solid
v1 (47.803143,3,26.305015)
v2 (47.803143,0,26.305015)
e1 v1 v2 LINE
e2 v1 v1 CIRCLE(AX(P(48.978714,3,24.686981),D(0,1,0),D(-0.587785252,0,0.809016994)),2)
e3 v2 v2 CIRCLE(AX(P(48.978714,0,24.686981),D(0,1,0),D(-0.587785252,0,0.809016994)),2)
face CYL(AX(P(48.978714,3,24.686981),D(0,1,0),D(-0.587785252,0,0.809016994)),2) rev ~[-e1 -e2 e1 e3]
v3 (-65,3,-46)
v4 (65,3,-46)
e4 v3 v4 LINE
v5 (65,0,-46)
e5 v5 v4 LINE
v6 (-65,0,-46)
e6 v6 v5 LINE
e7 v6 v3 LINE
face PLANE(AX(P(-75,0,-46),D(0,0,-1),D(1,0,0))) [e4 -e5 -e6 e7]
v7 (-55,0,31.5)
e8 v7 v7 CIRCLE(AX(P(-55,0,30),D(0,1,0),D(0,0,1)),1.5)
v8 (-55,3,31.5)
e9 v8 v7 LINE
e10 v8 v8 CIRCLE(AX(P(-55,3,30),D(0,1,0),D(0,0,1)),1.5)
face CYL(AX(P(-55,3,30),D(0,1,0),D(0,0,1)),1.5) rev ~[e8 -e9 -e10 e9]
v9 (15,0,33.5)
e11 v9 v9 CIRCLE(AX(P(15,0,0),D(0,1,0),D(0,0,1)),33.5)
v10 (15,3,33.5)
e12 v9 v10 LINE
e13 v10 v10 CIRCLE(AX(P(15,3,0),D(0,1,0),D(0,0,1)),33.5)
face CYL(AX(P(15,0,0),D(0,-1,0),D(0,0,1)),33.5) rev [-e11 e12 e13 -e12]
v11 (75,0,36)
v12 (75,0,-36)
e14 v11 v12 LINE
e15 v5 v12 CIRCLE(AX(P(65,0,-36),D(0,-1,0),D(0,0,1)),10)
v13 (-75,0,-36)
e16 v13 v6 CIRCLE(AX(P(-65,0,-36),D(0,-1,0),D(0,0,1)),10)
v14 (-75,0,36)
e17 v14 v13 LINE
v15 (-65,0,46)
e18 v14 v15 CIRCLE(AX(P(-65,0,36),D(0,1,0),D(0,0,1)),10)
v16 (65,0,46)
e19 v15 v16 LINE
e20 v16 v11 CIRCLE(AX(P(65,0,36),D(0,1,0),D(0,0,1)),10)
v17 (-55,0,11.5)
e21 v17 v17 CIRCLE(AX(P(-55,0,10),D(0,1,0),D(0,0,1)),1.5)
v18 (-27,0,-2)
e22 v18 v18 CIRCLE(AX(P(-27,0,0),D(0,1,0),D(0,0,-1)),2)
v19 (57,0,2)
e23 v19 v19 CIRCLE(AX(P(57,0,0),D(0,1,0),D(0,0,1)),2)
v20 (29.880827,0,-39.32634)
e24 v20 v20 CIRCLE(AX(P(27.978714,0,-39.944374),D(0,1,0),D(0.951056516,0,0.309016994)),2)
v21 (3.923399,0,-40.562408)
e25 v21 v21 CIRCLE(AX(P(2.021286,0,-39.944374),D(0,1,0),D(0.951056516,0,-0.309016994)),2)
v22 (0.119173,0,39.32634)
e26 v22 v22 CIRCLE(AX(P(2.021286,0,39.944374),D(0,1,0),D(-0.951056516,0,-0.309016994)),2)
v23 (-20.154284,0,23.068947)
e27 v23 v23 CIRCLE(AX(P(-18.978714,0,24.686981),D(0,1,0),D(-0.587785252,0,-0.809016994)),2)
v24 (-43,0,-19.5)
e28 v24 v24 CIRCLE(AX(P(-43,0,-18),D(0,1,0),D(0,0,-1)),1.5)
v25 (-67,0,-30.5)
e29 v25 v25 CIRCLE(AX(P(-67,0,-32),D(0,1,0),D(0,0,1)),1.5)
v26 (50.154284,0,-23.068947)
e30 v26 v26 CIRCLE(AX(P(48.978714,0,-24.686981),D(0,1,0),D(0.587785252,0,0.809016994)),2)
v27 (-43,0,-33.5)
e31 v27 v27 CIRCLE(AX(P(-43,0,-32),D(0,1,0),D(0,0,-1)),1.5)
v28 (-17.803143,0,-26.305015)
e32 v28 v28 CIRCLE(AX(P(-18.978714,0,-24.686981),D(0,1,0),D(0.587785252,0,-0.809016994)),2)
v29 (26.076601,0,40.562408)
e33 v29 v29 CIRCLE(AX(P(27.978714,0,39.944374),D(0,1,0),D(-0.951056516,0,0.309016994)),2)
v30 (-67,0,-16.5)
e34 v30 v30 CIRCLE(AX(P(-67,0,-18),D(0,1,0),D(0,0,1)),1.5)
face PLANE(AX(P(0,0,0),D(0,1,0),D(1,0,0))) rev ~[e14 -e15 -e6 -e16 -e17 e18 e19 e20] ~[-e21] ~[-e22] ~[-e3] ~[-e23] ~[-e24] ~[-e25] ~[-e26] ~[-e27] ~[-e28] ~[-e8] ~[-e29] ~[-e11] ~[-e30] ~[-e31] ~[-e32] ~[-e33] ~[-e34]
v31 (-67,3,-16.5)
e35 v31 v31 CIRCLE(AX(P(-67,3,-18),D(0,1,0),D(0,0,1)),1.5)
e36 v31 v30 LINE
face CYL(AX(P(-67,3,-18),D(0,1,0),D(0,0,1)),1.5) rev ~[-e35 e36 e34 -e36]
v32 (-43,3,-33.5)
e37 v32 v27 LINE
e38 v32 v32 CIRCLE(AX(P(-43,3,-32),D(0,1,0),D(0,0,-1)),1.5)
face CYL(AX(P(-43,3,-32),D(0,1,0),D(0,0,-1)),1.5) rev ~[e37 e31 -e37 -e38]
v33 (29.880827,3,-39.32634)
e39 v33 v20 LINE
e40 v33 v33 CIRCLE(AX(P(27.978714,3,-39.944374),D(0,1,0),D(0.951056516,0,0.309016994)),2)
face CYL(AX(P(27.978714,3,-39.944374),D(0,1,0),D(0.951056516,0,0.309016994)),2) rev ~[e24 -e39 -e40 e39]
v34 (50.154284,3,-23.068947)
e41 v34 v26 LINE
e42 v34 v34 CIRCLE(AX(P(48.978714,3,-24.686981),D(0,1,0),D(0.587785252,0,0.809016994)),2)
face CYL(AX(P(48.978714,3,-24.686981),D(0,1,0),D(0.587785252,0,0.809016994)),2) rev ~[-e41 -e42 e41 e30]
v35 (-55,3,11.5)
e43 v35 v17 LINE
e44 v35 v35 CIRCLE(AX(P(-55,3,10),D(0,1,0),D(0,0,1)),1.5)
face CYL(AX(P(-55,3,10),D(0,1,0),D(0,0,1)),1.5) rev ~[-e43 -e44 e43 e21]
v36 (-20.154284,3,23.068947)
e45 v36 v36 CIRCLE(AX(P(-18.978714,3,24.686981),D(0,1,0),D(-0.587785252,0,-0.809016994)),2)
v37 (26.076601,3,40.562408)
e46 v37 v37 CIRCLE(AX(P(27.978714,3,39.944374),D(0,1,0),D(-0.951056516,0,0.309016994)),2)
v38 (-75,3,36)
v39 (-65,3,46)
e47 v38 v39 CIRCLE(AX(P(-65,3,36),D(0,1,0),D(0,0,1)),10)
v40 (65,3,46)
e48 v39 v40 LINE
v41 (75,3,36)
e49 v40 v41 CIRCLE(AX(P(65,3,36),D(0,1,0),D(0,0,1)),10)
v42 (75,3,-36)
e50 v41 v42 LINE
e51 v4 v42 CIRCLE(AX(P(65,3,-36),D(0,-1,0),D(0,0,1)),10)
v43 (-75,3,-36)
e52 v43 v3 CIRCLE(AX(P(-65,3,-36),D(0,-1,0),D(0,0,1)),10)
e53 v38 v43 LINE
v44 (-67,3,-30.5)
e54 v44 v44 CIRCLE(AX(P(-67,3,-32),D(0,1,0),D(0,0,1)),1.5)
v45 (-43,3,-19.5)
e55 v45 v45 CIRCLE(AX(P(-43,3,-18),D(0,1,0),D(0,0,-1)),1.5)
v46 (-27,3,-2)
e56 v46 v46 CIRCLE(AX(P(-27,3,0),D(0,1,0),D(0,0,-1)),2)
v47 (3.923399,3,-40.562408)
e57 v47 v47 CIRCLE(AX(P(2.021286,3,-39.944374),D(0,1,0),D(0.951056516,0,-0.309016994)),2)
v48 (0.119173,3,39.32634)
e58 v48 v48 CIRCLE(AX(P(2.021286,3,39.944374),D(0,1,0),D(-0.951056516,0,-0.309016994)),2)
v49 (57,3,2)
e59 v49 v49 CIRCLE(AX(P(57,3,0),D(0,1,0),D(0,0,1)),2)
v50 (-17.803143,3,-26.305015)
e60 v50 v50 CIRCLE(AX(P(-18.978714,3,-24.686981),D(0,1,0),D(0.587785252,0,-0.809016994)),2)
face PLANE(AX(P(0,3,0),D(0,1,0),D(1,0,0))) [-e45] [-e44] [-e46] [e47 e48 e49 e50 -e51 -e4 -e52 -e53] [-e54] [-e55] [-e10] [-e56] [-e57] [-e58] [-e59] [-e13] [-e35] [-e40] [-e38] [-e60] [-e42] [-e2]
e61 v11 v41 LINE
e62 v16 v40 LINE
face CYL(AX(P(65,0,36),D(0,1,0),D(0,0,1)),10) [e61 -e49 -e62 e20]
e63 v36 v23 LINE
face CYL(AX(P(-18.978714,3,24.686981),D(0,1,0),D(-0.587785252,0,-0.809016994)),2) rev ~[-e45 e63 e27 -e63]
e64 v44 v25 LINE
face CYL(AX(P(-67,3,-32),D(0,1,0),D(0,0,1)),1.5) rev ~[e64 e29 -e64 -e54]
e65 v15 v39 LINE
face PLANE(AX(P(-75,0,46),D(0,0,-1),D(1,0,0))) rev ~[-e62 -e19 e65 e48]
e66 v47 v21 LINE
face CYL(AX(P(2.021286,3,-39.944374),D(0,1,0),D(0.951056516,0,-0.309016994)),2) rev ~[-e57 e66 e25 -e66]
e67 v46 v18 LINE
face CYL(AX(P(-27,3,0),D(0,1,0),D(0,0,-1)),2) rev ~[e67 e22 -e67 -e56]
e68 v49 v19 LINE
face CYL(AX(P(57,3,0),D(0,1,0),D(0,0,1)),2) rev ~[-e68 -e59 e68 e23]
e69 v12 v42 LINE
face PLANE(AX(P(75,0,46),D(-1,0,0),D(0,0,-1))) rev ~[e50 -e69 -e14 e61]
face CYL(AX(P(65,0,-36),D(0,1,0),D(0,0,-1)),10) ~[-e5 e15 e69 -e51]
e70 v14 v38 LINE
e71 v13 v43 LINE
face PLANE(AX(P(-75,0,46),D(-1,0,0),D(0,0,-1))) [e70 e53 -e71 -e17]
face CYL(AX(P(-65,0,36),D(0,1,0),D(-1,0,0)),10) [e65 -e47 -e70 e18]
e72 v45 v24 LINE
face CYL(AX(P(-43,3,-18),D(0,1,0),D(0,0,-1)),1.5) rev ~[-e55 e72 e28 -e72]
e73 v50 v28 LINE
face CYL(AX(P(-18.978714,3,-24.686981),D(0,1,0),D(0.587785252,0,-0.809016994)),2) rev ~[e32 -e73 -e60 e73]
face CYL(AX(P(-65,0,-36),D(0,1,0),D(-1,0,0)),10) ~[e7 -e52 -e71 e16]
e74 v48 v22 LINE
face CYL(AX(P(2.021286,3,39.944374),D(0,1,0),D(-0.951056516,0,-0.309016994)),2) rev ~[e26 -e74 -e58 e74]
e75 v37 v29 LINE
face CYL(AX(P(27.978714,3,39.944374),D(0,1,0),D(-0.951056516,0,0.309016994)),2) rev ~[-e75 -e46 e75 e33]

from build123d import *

# Parameters (mm, degrees)
SKETCH_1_W               = 150
SKETCH_1_H               = 92
SKETCH_1_R               = 33.5
EXTRUDE_1_DEPTH          = 3
CUT_EXTRUDE_1_REACH      = 90.034
SKETCH_2_R               = 2
PATTERN_CIRCULAR_1_COUNT = 10
SKETCH_3_R               = 1.5
CUT_EXTRUDE_2_DEPTH      = 3
FILLET_1_R               = 10


with BuildPart() as part:
    # 草圖1 → 填料-伸長1 (new body)
    with BuildSketch(Plane(origin=(0, 0, 0), x_dir=(1, 0, 0), z_dir=(0, 1, 0))):
        Rectangle(SKETCH_1_W, SKETCH_1_H)
        with Locations(Location((15, 0, 0), (0, 0, 270))):
            Circle(SKETCH_1_R, mode=Mode.SUBTRACT)
    extrude(amount=EXTRUDE_1_DEPTH)

    # 草圖2 → 除料-伸長1 (cut, up to next)
    with BuildSketch(Plane(origin=(0, 3, 0), x_dir=(1, 0, 0), z_dir=(0, 1, 0)), mode=Mode.PRIVATE) as cut_extrude_1_sk1:
        with Locations(Location((57, 0, 0), (0, 0, 270))):
            Circle(SKETCH_2_R)
    cut_extrude_1_tool1 = extrude(cut_extrude_1_sk1.sketch, amount=-CUT_EXTRUDE_1_REACH, mode=Mode.PRIVATE) & part.part
    cut_extrude_1 = cut_extrude_1_tool1.solids().sort_by_distance((57, 3, 0))[0]
    add(cut_extrude_1, mode=Mode.SUBTRACT)

    # 環狀複製排列1: 除料-伸長1 ×10 about axis
    pattern_circular_1_axis = Axis((15, 0, 0), (0, 1, 0))
    for i in range(1, PATTERN_CIRCULAR_1_COUNT):
        add(cut_extrude_1.rotate(pattern_circular_1_axis, i * 360 / PATTERN_CIRCULAR_1_COUNT), mode=Mode.SUBTRACT)

    # 草圖3 → 除料-伸長2 (cut)
    with BuildSketch(Plane(origin=(0, 3, 0), x_dir=(1, 0, 0), z_dir=(0, 1, 0))):
        with Locations(Location((-67, 32, 0), (0, 0, 270))):
            Circle(SKETCH_3_R)
        with Locations(Location((-67, 18, 0), (0, 0, 270))):
            Circle(SKETCH_3_R)
        with Locations(Location((-43, 18, 0), (0, 0, 90))):
            Circle(SKETCH_3_R)
        with Locations(Location((-43, 32, 0), (0, 0, 90))):
            Circle(SKETCH_3_R)
        with Locations(Location((-55, -10, 0), (0, 0, 270))):
            Circle(SKETCH_3_R)
        with Locations(Location((-55, -30, 0), (0, 0, 270))):
            Circle(SKETCH_3_R)
    extrude(amount=-CUT_EXTRUDE_2_DEPTH, mode=Mode.SUBTRACT)

    # 圓角1
    fillet_1_edges = [part.edges().sort_by_distance(p)[0] for p in [
        (75, 1.5, 46),
        (-75, 1.5, 46),
        (-75, 1.5, -46),
        (75, 1.5, -46),
    ]]
    fillet(fillet_1_edges, radius=FILLET_1_R)


solid = part.part
